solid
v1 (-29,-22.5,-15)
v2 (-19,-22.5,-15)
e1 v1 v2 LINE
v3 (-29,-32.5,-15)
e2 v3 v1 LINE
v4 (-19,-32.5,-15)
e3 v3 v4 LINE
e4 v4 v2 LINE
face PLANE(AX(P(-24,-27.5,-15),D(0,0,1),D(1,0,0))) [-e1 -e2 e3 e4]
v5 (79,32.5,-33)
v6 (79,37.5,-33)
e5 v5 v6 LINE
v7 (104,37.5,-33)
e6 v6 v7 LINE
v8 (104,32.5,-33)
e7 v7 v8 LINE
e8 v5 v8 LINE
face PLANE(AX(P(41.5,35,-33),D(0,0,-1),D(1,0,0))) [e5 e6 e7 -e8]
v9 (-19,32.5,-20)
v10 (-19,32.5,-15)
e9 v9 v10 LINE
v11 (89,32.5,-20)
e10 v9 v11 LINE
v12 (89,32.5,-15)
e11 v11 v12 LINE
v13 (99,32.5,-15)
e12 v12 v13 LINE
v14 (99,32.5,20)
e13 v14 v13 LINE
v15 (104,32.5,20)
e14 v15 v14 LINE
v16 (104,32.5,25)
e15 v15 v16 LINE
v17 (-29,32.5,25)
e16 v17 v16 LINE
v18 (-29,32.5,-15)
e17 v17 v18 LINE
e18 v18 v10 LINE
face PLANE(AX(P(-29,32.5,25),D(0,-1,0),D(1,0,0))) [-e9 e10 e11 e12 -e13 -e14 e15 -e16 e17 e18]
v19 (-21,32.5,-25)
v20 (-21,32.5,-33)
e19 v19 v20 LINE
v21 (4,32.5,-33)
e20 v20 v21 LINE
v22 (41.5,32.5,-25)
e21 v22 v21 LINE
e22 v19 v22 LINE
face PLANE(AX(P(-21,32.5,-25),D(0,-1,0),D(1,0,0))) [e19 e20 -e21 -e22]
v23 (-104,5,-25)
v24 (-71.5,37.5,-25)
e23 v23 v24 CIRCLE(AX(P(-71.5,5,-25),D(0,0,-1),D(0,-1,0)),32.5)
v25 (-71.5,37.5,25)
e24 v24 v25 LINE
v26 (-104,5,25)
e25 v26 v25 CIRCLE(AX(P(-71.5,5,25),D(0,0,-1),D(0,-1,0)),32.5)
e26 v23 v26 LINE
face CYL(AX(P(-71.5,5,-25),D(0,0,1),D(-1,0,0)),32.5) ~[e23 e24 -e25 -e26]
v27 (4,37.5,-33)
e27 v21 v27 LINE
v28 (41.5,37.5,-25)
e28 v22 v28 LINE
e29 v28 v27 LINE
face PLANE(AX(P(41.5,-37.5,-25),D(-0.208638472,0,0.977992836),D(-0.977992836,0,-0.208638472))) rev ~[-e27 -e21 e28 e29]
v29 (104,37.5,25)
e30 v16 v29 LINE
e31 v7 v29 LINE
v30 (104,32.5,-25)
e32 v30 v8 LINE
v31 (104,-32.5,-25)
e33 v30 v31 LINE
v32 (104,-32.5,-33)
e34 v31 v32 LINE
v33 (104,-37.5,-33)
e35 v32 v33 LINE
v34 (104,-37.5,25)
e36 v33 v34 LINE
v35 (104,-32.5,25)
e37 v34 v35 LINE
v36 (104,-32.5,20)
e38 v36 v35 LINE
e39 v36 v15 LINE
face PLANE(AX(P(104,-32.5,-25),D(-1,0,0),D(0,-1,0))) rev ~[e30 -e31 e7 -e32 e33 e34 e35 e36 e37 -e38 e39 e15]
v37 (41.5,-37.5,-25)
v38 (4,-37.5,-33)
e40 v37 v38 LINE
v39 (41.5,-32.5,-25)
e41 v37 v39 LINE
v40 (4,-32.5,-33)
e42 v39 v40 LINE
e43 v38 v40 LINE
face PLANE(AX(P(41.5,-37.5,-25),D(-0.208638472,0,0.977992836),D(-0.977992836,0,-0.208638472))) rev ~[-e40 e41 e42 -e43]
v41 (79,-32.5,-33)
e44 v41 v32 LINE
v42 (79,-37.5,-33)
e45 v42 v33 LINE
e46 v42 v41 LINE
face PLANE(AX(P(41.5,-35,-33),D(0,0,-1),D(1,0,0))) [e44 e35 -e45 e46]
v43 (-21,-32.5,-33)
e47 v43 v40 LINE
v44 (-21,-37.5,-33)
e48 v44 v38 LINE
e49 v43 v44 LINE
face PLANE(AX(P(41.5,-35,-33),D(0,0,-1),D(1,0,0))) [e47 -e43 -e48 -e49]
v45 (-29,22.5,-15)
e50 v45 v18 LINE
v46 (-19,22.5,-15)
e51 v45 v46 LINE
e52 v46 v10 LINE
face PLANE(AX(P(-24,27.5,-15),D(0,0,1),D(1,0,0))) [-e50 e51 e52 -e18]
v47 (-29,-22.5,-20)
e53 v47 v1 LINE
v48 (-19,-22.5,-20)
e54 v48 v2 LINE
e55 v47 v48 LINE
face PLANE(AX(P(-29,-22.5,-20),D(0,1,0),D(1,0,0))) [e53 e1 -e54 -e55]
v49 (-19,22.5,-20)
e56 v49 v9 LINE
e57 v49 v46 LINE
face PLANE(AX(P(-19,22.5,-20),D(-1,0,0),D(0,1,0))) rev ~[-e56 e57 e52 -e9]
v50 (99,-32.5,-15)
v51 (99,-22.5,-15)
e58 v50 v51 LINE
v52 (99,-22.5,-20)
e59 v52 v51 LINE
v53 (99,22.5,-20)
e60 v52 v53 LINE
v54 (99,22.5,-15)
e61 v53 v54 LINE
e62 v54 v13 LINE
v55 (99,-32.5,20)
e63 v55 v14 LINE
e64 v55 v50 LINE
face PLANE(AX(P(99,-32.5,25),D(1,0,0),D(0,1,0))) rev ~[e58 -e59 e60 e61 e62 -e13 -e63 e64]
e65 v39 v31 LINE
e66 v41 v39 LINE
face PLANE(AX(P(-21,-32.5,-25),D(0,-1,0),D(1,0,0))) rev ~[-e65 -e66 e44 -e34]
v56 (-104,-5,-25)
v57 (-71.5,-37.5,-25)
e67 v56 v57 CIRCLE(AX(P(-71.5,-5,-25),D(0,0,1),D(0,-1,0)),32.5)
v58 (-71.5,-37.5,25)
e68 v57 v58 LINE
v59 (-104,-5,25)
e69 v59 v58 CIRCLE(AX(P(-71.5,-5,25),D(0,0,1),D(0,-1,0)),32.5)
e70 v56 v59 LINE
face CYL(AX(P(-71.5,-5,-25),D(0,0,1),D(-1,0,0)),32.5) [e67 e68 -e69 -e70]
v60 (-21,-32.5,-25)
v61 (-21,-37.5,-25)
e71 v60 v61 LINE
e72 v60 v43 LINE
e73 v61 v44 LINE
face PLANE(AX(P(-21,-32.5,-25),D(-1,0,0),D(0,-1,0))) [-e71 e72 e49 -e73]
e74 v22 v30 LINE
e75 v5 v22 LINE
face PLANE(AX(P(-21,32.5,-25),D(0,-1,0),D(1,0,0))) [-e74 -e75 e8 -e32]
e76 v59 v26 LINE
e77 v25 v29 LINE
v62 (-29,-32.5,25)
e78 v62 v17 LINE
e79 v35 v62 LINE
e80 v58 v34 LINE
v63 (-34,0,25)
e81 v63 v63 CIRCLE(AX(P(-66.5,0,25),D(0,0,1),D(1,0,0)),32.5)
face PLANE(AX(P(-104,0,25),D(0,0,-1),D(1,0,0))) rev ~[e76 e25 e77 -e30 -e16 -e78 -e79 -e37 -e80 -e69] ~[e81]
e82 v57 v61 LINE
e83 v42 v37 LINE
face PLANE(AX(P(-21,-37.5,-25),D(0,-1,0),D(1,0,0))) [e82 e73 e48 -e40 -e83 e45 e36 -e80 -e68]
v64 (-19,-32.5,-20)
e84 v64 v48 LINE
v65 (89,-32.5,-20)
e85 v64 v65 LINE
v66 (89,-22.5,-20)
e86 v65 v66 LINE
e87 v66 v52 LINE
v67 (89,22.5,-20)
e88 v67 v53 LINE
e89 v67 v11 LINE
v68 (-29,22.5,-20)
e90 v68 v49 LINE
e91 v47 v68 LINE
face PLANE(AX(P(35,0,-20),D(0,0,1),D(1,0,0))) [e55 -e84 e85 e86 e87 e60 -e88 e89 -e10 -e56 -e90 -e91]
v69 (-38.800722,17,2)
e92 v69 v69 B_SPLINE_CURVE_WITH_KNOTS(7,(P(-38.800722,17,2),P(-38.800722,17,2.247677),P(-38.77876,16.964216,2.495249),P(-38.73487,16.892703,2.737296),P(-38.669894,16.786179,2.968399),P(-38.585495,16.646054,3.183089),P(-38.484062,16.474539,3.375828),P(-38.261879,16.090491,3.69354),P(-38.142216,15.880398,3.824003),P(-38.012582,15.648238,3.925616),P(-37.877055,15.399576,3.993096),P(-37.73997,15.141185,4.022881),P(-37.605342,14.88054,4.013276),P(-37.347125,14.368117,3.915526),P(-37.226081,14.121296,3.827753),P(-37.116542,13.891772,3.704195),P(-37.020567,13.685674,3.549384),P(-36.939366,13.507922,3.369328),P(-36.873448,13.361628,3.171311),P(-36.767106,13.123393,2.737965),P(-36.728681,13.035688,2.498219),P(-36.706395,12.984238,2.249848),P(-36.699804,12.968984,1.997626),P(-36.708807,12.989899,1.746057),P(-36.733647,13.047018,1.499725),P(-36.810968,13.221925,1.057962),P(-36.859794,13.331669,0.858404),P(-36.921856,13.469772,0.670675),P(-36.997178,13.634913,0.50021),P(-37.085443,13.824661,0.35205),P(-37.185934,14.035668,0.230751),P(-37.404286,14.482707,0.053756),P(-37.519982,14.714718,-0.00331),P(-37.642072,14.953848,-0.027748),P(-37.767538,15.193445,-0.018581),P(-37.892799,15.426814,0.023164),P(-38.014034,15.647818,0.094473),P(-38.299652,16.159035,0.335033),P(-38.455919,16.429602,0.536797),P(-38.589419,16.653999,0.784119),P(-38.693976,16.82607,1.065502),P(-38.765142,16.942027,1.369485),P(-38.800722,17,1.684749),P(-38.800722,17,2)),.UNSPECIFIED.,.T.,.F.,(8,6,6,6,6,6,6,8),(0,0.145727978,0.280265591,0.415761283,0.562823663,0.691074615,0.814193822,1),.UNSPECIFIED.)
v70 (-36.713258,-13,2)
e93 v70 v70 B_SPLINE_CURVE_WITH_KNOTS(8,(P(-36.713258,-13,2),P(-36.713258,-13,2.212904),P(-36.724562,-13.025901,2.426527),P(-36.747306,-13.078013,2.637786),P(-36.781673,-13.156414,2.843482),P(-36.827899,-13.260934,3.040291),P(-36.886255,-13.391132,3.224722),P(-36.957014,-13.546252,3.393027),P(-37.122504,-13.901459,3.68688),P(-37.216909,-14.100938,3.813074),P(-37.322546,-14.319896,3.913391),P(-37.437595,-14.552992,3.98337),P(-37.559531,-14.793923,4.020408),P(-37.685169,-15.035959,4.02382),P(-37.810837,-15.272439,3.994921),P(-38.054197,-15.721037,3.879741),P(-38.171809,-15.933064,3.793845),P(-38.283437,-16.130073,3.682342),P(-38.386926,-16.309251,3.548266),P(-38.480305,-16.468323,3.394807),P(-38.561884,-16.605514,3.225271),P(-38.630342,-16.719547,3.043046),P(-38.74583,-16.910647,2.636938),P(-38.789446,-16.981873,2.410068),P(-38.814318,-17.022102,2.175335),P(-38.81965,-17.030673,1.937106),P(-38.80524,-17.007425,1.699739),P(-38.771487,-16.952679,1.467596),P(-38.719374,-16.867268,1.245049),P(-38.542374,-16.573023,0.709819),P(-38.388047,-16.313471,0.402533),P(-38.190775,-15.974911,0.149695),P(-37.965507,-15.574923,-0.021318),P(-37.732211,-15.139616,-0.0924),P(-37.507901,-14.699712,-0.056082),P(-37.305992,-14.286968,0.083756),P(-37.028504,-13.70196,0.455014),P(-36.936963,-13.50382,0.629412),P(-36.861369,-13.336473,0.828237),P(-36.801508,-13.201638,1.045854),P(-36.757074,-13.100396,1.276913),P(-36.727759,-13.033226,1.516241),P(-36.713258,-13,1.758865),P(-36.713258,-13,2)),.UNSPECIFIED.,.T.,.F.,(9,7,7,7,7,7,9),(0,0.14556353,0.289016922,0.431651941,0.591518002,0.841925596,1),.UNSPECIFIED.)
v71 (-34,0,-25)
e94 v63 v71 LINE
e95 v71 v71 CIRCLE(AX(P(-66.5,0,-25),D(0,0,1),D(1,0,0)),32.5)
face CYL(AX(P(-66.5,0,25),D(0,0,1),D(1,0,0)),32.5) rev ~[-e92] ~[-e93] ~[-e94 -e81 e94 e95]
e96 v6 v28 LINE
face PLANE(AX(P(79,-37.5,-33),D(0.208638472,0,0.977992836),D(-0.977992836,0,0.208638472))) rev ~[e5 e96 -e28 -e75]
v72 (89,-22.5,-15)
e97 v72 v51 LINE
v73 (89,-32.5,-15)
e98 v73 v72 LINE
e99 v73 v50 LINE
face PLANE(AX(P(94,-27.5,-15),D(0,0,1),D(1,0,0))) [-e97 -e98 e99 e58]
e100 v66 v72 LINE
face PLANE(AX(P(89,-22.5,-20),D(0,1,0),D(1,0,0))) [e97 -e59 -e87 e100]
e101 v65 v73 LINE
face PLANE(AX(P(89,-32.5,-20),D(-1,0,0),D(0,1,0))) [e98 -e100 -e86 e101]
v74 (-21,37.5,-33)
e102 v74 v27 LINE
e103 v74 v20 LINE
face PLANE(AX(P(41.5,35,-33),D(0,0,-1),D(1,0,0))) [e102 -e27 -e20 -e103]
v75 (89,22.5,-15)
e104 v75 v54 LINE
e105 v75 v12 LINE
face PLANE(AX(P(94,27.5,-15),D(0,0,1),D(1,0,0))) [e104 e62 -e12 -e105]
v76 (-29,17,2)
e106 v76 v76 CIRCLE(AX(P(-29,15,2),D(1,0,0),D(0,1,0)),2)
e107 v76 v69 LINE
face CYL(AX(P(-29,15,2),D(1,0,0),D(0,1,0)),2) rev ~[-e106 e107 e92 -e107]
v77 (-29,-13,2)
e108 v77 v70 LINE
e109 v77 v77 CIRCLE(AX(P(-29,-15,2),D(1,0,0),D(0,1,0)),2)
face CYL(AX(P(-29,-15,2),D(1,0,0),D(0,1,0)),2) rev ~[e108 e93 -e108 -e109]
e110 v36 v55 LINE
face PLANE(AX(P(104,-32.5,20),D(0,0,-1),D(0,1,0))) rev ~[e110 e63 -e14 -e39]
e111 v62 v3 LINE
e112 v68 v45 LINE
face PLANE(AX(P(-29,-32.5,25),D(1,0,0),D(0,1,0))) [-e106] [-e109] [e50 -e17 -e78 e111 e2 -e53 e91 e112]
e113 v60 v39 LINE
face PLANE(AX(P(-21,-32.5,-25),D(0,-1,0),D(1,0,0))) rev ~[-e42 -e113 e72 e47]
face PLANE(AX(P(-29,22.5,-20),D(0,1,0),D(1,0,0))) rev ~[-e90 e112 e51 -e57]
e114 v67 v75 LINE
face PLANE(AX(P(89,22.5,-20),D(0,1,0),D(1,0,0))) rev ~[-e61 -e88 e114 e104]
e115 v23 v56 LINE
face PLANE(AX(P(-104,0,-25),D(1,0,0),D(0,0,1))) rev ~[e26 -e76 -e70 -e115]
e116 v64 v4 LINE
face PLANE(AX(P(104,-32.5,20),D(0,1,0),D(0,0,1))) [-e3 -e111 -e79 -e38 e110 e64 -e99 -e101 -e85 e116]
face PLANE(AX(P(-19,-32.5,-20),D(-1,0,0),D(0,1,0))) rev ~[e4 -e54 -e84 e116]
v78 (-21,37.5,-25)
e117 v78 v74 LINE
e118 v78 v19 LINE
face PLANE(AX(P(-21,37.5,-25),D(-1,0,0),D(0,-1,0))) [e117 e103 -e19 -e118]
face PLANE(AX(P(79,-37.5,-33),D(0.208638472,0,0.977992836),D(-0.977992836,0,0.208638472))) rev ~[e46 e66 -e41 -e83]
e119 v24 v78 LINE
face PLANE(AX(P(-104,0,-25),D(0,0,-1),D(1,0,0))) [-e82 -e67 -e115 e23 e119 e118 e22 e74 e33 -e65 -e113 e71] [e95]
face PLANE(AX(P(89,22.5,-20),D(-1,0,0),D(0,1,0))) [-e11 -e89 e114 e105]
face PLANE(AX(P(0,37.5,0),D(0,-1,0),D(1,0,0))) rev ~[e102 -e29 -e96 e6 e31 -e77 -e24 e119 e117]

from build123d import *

# Parameters (mm, degrees)
F0_W      = 208
F0_H      = 50
F1_DEPTH  = 37.5
F2_R      = 32.5
F3_DEPTH  = 50.001
F4_W      = 128
F4_H      = 65
F5_DEPTH  = 45
F6_W      = 65
F6_H      = 5
F7_DEPTH  = 5
F8_W      = 10
F8_H      = 10
F9_DEPTH  = 5
F10_R     = 2
F11_DEPTH = 9.8017221311
F12_R     = 32.5
F13_W     = 125
F13_H     = 5
F14_DEPTH = 8
F16_DEPTH = 75.001


with BuildPart() as f1:
    # F0 (on Front) → F1 (new body, symmetric)
    with BuildSketch(Plane.XZ):
        Rectangle(F0_W, F0_H)
    extrude(amount=F1_DEPTH, both=True)

    # F2 (on face) → F3 (cut, through all)
    with BuildSketch(Plane.XY.offset(25)):
        with Locations((-66.5, 0)):
            Circle(F2_R)
    extrude(amount=-F3_DEPTH, mode=Mode.SUBTRACT)

    # F4 (on face) → F5 (cut)
    with BuildSketch(Plane.XY.offset(25)):
        with Locations((35, 0)):
            Rectangle(F4_W, F4_H)
    extrude(amount=-F5_DEPTH, mode=Mode.SUBTRACT)

    # F6 (on face) → F7 (cut, through all)
    with BuildSketch(Plane.YZ.offset(104)):
        with Locations((0, 22.5)):
            Rectangle(F6_W, F6_H)
    extrude(amount=-F7_DEPTH, mode=Mode.SUBTRACT)

    # F8 (on face) → F9 (join)
    with BuildSketch(Plane.XY.offset(-20)):
        with Locations((-24, 27.5)):
            Rectangle(F8_W, F8_H)
        with Locations((94, 27.5)):
            Rectangle(F8_W, F8_H)
        with Locations((-24, -27.5)):
            Rectangle(F8_W, F8_H)
        with Locations((94, -27.5)):
            Rectangle(F8_W, F8_H)
    extrude(amount=F9_DEPTH)

    # F10 (on face) → F11 (cut, through all)
    with BuildSketch(Plane.YZ.offset(-29)):
        with Locations((-15, 2)):
            Circle(F10_R)
        with Locations((15, 2)):
            Circle(F10_R)
    extrude(amount=-F11_DEPTH, mode=Mode.SUBTRACT)

    # F12
    f12_edges = [f1.edges().sort_by_distance(p)[0] for p in [
        (-104, -37.5, 0),
        (-104, 37.5, 0),
    ]]
    fillet(f12_edges, radius=F12_R)

    # F13 (on face) → F14 (join)
    with BuildSketch(Plane(origin=(0, 0, -25), x_dir=(1, 0, 0), z_dir=(0, 0, -1))):
        with Locations((41.5, 35)):
            Rectangle(F13_W, F13_H)
        with Locations((41.5, -35)):
            Rectangle(F13_W, F13_H)
    extrude(amount=F14_DEPTH)

    # F15 (on face) → F16 (cut, through all)
    with BuildSketch(Plane.XZ.offset(37.5)):
        Polygon((41.5, -25), (4, -33), (79, -33), align=None)
    extrude(amount=-F16_DEPTH, mode=Mode.SUBTRACT)


solid = f1.part
